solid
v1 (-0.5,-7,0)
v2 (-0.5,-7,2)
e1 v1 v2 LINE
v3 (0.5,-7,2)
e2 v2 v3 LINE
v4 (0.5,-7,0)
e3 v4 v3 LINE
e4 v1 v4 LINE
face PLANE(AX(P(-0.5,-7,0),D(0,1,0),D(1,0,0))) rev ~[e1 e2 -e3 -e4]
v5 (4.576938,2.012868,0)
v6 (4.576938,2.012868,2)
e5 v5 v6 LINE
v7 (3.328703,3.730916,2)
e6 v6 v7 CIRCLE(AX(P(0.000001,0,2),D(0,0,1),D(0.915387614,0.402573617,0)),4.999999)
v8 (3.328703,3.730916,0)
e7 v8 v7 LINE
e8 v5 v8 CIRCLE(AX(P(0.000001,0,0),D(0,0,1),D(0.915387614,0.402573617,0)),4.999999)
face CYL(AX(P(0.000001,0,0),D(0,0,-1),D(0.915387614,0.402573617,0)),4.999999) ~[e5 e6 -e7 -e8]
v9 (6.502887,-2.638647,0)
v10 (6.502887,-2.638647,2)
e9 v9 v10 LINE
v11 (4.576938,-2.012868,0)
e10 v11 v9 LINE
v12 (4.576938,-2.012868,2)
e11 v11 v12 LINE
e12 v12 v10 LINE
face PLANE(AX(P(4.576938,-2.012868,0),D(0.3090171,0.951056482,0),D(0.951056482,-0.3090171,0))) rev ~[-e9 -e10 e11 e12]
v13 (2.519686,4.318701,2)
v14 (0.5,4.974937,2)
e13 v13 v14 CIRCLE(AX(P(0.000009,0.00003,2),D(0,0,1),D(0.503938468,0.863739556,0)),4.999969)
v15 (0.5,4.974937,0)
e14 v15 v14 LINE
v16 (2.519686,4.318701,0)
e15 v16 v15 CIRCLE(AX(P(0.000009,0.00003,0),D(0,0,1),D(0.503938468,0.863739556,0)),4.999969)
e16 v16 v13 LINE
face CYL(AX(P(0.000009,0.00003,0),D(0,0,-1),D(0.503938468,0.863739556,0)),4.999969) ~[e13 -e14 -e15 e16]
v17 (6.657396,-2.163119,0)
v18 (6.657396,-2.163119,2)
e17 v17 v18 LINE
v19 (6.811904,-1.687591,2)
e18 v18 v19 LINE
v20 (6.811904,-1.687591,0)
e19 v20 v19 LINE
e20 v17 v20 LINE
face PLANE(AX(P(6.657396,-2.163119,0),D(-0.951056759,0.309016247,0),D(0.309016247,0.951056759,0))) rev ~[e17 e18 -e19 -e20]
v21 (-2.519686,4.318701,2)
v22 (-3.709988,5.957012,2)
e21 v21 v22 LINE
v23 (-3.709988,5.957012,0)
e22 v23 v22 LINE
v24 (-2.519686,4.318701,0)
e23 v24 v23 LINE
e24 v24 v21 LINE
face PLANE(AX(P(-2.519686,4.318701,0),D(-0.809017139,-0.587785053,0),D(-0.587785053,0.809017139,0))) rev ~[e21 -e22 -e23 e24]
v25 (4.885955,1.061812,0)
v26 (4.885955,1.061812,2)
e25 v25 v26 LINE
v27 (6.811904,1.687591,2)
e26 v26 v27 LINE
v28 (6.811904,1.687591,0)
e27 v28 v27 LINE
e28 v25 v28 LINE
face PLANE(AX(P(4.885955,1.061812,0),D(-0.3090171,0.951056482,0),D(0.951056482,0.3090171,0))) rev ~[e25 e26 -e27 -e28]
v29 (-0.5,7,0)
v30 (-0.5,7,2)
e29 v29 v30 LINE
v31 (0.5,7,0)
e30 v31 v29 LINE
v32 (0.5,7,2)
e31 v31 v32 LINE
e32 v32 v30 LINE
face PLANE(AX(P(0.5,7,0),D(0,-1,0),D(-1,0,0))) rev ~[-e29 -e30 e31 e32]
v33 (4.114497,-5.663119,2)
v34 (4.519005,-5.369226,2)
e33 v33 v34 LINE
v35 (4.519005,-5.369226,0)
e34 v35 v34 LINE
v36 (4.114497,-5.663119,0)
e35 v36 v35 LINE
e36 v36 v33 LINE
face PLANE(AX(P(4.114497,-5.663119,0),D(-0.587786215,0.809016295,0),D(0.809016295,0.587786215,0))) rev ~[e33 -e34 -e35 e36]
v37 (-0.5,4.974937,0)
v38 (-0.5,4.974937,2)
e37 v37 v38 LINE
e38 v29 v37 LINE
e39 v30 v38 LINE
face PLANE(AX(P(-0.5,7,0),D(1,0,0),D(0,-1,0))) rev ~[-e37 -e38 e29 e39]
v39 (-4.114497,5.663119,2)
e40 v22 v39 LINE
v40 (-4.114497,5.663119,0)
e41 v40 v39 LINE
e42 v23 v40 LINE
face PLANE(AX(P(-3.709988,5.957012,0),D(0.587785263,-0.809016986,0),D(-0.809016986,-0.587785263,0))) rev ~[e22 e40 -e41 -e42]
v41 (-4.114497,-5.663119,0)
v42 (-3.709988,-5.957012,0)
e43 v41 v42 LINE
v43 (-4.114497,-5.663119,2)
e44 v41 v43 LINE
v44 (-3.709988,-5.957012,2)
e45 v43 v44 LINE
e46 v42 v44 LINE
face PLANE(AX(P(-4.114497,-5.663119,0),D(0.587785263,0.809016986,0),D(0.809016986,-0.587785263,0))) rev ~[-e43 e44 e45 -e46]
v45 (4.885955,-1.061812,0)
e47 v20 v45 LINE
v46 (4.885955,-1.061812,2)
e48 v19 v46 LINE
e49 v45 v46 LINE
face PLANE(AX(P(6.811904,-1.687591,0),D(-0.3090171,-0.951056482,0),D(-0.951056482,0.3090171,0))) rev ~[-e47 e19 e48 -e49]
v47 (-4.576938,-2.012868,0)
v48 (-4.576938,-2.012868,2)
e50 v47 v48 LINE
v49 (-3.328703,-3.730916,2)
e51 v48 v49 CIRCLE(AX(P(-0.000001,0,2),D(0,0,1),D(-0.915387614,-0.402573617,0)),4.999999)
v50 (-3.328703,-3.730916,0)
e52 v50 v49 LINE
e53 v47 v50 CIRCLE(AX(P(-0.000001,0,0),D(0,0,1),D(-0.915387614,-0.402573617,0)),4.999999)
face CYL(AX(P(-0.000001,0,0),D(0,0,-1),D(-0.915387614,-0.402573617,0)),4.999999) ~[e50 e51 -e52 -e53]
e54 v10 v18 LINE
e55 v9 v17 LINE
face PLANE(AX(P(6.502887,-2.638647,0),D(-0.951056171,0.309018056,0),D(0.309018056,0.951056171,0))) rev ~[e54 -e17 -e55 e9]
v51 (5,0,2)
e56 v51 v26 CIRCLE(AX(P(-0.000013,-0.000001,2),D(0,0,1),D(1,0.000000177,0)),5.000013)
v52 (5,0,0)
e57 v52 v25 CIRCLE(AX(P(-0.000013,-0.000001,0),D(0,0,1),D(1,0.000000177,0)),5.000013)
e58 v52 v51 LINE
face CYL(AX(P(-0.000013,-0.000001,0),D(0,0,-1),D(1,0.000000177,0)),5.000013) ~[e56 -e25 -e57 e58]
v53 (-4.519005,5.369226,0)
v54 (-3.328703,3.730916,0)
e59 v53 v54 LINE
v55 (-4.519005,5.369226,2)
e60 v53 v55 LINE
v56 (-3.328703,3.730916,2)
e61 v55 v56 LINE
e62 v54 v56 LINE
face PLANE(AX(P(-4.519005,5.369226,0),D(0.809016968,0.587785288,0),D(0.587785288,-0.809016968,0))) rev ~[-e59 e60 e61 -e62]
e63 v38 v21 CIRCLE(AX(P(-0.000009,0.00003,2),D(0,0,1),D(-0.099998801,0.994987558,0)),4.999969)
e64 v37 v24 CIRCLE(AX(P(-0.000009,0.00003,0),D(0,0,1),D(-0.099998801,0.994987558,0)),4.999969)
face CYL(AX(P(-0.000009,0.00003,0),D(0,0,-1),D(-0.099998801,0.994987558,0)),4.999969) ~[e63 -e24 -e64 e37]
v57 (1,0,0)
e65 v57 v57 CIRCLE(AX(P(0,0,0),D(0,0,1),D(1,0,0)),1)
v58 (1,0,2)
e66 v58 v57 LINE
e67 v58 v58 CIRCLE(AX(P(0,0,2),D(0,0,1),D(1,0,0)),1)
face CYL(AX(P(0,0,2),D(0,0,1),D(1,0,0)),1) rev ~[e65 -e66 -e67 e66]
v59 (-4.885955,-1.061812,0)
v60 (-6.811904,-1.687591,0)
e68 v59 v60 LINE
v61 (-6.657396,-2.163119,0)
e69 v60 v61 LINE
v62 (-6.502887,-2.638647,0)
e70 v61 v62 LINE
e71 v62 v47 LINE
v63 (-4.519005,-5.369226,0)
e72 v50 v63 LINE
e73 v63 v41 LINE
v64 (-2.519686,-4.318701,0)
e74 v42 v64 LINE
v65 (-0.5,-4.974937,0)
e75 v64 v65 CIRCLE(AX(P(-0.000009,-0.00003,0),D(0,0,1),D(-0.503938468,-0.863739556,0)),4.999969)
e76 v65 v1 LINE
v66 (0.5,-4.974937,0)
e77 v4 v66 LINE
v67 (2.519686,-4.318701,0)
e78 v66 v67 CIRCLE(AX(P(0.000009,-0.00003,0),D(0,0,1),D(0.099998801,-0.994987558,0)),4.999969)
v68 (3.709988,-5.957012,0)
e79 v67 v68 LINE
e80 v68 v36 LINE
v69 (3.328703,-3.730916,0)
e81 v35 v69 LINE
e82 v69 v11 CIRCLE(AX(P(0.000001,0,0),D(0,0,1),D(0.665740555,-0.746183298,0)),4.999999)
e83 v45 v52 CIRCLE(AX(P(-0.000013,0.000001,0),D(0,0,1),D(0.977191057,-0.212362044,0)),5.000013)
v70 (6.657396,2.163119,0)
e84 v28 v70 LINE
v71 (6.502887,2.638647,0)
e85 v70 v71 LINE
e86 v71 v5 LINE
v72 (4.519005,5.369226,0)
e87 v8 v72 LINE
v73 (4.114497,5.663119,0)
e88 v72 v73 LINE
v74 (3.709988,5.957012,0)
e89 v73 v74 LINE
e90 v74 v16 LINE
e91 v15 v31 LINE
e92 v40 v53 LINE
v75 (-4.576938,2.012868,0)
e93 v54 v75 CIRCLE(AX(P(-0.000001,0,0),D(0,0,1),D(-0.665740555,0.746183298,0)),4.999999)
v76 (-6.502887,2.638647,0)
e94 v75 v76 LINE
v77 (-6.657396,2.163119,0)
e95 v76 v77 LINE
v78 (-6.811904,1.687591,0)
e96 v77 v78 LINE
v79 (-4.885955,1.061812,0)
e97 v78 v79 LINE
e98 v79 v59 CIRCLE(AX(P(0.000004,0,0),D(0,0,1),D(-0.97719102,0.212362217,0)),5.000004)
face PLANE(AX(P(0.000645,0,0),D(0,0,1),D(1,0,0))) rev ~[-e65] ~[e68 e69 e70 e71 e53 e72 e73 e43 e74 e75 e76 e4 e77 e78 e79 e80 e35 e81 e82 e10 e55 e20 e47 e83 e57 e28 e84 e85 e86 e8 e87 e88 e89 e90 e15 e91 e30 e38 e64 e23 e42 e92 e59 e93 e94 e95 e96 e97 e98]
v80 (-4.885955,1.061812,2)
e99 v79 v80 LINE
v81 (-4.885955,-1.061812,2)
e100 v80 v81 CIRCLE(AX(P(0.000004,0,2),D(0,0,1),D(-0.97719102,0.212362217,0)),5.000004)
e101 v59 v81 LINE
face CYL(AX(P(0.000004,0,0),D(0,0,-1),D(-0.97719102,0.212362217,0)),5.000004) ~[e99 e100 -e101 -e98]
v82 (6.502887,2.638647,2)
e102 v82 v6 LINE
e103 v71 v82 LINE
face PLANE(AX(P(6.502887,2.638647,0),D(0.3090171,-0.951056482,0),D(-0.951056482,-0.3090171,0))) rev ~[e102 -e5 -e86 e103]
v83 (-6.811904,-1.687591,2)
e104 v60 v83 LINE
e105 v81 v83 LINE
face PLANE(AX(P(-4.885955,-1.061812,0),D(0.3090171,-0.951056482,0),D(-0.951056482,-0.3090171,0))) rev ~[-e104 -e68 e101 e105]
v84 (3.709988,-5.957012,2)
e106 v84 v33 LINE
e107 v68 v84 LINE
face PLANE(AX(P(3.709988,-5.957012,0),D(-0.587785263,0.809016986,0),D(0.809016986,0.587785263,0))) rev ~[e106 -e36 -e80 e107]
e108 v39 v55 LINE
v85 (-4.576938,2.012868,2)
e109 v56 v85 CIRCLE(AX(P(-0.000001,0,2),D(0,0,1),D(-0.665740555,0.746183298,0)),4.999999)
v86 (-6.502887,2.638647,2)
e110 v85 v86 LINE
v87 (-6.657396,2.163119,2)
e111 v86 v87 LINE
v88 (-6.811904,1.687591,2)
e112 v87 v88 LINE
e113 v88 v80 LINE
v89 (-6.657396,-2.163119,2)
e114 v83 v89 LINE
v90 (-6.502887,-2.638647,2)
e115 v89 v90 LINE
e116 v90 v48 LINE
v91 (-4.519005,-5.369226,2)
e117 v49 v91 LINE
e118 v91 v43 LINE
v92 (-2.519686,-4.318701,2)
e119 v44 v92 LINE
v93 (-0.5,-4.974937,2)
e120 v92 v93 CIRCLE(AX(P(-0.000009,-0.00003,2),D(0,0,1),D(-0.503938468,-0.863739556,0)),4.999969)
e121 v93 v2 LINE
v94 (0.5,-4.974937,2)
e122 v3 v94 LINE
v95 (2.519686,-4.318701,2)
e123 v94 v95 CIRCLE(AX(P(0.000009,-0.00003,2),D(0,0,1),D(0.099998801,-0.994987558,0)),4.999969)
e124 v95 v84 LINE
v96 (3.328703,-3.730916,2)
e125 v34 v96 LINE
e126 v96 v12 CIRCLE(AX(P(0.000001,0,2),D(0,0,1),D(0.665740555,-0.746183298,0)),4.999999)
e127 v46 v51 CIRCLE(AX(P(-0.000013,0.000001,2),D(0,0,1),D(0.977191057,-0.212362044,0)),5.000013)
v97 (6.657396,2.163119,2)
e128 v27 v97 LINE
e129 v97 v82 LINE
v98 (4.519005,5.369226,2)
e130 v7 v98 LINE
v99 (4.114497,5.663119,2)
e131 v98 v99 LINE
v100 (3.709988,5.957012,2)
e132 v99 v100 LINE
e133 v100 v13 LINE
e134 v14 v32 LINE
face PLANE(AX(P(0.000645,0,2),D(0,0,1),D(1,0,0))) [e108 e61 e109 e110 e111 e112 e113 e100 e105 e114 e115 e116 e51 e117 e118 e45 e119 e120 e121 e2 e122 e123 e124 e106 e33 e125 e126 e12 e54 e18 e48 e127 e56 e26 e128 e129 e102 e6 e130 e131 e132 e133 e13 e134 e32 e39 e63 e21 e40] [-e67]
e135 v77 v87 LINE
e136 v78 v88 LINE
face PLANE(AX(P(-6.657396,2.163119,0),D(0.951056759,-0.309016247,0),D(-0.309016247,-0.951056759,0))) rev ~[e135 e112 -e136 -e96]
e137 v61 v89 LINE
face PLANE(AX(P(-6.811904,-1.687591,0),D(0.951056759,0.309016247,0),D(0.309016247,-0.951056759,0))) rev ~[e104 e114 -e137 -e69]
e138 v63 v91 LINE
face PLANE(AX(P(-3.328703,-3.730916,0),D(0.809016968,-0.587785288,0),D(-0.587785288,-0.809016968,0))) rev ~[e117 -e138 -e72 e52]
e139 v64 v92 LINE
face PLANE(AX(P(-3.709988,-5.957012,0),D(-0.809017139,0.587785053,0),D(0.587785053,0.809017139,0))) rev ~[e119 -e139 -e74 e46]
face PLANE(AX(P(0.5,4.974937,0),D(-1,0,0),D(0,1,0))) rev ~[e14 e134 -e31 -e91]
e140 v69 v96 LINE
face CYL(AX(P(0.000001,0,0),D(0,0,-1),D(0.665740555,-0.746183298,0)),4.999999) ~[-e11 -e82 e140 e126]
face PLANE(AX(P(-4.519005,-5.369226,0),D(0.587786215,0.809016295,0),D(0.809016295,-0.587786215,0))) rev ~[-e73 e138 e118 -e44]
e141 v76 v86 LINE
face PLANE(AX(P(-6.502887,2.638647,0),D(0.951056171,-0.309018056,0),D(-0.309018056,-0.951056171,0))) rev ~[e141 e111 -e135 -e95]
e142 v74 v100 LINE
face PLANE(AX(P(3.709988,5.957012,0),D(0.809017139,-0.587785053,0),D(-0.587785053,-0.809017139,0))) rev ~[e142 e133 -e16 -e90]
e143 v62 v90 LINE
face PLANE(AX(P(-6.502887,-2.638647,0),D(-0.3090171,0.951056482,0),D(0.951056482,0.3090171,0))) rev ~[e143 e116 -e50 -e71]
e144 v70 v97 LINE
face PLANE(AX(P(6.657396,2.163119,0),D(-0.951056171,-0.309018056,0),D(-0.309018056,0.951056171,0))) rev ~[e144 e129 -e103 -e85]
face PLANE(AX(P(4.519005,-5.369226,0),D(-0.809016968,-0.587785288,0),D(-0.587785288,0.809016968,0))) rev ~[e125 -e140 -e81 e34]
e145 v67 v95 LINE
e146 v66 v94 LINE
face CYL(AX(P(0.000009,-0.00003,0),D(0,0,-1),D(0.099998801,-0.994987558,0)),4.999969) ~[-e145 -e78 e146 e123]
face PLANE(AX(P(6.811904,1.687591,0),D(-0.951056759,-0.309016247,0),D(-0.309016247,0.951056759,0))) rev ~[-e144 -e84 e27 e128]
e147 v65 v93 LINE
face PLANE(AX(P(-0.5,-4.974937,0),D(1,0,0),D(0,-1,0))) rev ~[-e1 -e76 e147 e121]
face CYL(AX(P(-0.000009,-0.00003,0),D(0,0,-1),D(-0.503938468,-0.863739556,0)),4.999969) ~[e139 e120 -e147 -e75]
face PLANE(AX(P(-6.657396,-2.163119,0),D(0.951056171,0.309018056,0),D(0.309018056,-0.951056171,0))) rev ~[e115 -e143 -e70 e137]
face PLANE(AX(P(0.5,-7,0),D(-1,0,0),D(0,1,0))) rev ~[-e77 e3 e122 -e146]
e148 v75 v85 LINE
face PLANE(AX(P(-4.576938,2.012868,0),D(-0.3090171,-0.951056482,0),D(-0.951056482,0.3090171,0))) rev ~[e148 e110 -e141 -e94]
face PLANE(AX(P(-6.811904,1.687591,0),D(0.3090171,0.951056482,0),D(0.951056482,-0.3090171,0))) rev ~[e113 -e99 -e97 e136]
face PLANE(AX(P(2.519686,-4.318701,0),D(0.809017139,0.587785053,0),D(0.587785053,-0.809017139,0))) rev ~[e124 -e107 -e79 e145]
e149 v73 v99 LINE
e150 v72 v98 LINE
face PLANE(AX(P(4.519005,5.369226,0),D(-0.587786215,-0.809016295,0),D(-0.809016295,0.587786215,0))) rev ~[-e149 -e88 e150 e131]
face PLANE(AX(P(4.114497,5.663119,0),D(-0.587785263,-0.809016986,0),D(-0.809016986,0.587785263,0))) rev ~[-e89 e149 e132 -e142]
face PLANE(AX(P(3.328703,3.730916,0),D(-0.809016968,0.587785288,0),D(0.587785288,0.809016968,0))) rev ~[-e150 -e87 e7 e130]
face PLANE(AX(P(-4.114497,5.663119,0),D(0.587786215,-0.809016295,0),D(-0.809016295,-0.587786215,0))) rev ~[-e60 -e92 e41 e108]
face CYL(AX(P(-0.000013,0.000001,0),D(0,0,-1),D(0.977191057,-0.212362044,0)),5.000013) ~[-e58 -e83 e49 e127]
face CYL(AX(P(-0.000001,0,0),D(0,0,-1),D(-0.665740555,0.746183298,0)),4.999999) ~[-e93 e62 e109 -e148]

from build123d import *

# Parameters (mm, degrees)
F1_DEPTH = 2
F2_R     = 1
F3_DEPTH = 2.001


with BuildPart() as f1:
    # F0 (on Top) → F1 (new body)
    with BuildSketch(Plane.XY):
        with BuildLine():
            ThreePointArc((4.885955, -1.061812), (4.971407, -0.533959), (5, 0))
            ThreePointArc((5, 0), (4.971407, 0.533959), (4.885955, 1.061812))
            ThreePointArc((4.885955, 1.061812), (4.755283, 1.545085), (4.576938, 2.012868))
            ThreePointArc((4.576938, 2.012868), (4.045085, 2.938926), (3.328703, 3.730916))
            ThreePointArc((3.328703, 3.730916), (2.938926, 4.045085), (2.519686, 4.318701))
            ThreePointArc((2.519686, 4.318701), (1.545085, 4.755283), (0.5, 4.974937))
            ThreePointArc((0.5, 4.974937), (0, 5), (-0.5, 4.974937))
            ThreePointArc((-0.5, 4.974937), (-1.545085, 4.755283), (-2.519686, 4.318701))
            ThreePointArc((-2.519686, 4.318701), (-2.938926, 4.045085), (-3.328703, 3.730916))
            ThreePointArc((-3.328703, 3.730916), (-4.045085, 2.938926), (-4.576938, 2.012868))
            ThreePointArc((-4.576938, 2.012868), (-4.755283, 1.545085), (-4.885955, 1.061812))
            ThreePointArc((-4.885955, 1.061812), (-5, 0), (-4.885955, -1.061812))
            ThreePointArc((-4.885955, -1.061812), (-4.755283, -1.545085), (-4.576938, -2.012868))
            ThreePointArc((-4.576938, -2.012868), (-4.045085, -2.938926), (-3.328703, -3.730916))
            ThreePointArc((-3.328703, -3.730916), (-2.938926, -4.045085), (-2.519686, -4.318701))
            ThreePointArc((-2.519686, -4.318701), (-1.545085, -4.755283), (-0.5, -4.974937))
            ThreePointArc((-0.5, -4.974937), (0, -5), (0.5, -4.974937))
            ThreePointArc((0.5, -4.974937), (1.545085, -4.755283), (2.519686, -4.318701))
            ThreePointArc((2.519686, -4.318701), (2.938926, -4.045085), (3.328703, -3.730916))
            ThreePointArc((3.328703, -3.730916), (4.045085, -2.938926), (4.576938, -2.012868))
            ThreePointArc((4.576938, -2.012868), (4.755283, -1.545085), (4.885955, -1.061812))
        make_face()
        with BuildLine():
            ThreePointArc((4.576938, 2.012868), (4.755283, 1.545085), (4.885955, 1.061812))
            Line((4.885955, 1.061812), (6.811904, 1.687591))
            Line((6.811904, 1.687591), (6.657396, 2.163119))
            Line((6.657396, 2.163119), (6.502887, 2.638647))
            Line((6.502887, 2.638647), (4.576938, 2.012868))
        make_face()
        with BuildLine():
            Line((6.811904, -1.687591), (4.885955, -1.061812))
            ThreePointArc((4.885955, -1.061812), (4.755283, -1.545085), (4.576938, -2.012868))
            Line((4.576938, -2.012868), (6.502887, -2.638647))
            Line((6.502887, -2.638647), (6.657396, -2.163119))
            Line((6.657396, -2.163119), (6.811904, -1.687591))
        make_face()
        with BuildLine():
            ThreePointArc((2.519686, 4.318701), (2.938926, 4.045085), (3.328703, 3.730916))
            Line((3.328703, 3.730916), (4.519005, 5.369226))
            Line((4.519005, 5.369226), (4.114497, 5.663119))
            Line((4.114497, 5.663119), (3.709988, 5.957012))
            Line((3.709988, 5.957012), (2.519686, 4.318701))
        make_face()
        with BuildLine():
            Line((4.519005, -5.369226), (3.328703, -3.730916))
            ThreePointArc((3.328703, -3.730916), (2.938926, -4.045085), (2.519686, -4.318701))
            Line((2.519686, -4.318701), (3.709988, -5.957012))
            Line((3.709988, -5.957012), (4.114497, -5.663119))
            Line((4.114497, -5.663119), (4.519005, -5.369226))
        make_face()
        with BuildLine():
            ThreePointArc((-0.5, 4.974937), (0, 5), (0.5, 4.974937))
            Line((0.5, 4.974937), (0.5, 7))
            Line((0.5, 7), (0, 7))
            Line((0, 7), (-0.5, 7))
            Line((-0.5, 7), (-0.5, 4.974937))
        make_face()
        with BuildLine():
            Line((0.5, -7), (0.5, -4.974937))
            ThreePointArc((0.5, -4.974937), (0, -5), (-0.5, -4.974937))
            Line((-0.5, -4.974937), (-0.5, -7))
            Line((-0.5, -7), (0, -7))
            Line((0, -7), (0.5, -7))
        make_face()
        with BuildLine():
            ThreePointArc((-3.328703, 3.730916), (-2.938926, 4.045085), (-2.519686, 4.318701))
            Line((-2.519686, 4.318701), (-3.709988, 5.957012))
            Line((-3.709988, 5.957012), (-4.114497, 5.663119))
            Line((-4.114497, 5.663119), (-4.519005, 5.369226))
            Line((-4.519005, 5.369226), (-3.328703, 3.730916))
        make_face()
        with BuildLine():
            Line((-3.709988, -5.957012), (-2.519686, -4.318701))
            ThreePointArc((-2.519686, -4.318701), (-2.938926, -4.045085), (-3.328703, -3.730916))
            Line((-3.328703, -3.730916), (-4.519005, -5.369226))
            Line((-4.519005, -5.369226), (-4.114497, -5.663119))
            Line((-4.114497, -5.663119), (-3.709988, -5.957012))
        make_face()
        with BuildLine():
            ThreePointArc((-4.885955, 1.061812), (-4.755283, 1.545085), (-4.576938, 2.012868))
            Line((-4.576938, 2.012868), (-6.502887, 2.638647))
            Line((-6.502887, 2.638647), (-6.657396, 2.163119))
            Line((-6.657396, 2.163119), (-6.811904, 1.687591))
            Line((-6.811904, 1.687591), (-4.885955, 1.061812))
        make_face()
        with BuildLine():
            Line((-6.502887, -2.638647), (-4.576938, -2.012868))
            ThreePointArc((-4.576938, -2.012868), (-4.755283, -1.545085), (-4.885955, -1.061812))
            Line((-4.885955, -1.061812), (-6.811904, -1.687591))
            Line((-6.811904, -1.687591), (-6.657396, -2.163119))
            Line((-6.657396, -2.163119), (-6.502887, -2.638647))
        make_face()
    extrude(amount=F1_DEPTH)

    # F2 (on face) → F3 (cut, through all)
    with BuildSketch(Plane.XY.offset(2)):
        Circle(F2_R)
    extrude(amount=-F3_DEPTH, mode=Mode.SUBTRACT)


solid = f1.part
